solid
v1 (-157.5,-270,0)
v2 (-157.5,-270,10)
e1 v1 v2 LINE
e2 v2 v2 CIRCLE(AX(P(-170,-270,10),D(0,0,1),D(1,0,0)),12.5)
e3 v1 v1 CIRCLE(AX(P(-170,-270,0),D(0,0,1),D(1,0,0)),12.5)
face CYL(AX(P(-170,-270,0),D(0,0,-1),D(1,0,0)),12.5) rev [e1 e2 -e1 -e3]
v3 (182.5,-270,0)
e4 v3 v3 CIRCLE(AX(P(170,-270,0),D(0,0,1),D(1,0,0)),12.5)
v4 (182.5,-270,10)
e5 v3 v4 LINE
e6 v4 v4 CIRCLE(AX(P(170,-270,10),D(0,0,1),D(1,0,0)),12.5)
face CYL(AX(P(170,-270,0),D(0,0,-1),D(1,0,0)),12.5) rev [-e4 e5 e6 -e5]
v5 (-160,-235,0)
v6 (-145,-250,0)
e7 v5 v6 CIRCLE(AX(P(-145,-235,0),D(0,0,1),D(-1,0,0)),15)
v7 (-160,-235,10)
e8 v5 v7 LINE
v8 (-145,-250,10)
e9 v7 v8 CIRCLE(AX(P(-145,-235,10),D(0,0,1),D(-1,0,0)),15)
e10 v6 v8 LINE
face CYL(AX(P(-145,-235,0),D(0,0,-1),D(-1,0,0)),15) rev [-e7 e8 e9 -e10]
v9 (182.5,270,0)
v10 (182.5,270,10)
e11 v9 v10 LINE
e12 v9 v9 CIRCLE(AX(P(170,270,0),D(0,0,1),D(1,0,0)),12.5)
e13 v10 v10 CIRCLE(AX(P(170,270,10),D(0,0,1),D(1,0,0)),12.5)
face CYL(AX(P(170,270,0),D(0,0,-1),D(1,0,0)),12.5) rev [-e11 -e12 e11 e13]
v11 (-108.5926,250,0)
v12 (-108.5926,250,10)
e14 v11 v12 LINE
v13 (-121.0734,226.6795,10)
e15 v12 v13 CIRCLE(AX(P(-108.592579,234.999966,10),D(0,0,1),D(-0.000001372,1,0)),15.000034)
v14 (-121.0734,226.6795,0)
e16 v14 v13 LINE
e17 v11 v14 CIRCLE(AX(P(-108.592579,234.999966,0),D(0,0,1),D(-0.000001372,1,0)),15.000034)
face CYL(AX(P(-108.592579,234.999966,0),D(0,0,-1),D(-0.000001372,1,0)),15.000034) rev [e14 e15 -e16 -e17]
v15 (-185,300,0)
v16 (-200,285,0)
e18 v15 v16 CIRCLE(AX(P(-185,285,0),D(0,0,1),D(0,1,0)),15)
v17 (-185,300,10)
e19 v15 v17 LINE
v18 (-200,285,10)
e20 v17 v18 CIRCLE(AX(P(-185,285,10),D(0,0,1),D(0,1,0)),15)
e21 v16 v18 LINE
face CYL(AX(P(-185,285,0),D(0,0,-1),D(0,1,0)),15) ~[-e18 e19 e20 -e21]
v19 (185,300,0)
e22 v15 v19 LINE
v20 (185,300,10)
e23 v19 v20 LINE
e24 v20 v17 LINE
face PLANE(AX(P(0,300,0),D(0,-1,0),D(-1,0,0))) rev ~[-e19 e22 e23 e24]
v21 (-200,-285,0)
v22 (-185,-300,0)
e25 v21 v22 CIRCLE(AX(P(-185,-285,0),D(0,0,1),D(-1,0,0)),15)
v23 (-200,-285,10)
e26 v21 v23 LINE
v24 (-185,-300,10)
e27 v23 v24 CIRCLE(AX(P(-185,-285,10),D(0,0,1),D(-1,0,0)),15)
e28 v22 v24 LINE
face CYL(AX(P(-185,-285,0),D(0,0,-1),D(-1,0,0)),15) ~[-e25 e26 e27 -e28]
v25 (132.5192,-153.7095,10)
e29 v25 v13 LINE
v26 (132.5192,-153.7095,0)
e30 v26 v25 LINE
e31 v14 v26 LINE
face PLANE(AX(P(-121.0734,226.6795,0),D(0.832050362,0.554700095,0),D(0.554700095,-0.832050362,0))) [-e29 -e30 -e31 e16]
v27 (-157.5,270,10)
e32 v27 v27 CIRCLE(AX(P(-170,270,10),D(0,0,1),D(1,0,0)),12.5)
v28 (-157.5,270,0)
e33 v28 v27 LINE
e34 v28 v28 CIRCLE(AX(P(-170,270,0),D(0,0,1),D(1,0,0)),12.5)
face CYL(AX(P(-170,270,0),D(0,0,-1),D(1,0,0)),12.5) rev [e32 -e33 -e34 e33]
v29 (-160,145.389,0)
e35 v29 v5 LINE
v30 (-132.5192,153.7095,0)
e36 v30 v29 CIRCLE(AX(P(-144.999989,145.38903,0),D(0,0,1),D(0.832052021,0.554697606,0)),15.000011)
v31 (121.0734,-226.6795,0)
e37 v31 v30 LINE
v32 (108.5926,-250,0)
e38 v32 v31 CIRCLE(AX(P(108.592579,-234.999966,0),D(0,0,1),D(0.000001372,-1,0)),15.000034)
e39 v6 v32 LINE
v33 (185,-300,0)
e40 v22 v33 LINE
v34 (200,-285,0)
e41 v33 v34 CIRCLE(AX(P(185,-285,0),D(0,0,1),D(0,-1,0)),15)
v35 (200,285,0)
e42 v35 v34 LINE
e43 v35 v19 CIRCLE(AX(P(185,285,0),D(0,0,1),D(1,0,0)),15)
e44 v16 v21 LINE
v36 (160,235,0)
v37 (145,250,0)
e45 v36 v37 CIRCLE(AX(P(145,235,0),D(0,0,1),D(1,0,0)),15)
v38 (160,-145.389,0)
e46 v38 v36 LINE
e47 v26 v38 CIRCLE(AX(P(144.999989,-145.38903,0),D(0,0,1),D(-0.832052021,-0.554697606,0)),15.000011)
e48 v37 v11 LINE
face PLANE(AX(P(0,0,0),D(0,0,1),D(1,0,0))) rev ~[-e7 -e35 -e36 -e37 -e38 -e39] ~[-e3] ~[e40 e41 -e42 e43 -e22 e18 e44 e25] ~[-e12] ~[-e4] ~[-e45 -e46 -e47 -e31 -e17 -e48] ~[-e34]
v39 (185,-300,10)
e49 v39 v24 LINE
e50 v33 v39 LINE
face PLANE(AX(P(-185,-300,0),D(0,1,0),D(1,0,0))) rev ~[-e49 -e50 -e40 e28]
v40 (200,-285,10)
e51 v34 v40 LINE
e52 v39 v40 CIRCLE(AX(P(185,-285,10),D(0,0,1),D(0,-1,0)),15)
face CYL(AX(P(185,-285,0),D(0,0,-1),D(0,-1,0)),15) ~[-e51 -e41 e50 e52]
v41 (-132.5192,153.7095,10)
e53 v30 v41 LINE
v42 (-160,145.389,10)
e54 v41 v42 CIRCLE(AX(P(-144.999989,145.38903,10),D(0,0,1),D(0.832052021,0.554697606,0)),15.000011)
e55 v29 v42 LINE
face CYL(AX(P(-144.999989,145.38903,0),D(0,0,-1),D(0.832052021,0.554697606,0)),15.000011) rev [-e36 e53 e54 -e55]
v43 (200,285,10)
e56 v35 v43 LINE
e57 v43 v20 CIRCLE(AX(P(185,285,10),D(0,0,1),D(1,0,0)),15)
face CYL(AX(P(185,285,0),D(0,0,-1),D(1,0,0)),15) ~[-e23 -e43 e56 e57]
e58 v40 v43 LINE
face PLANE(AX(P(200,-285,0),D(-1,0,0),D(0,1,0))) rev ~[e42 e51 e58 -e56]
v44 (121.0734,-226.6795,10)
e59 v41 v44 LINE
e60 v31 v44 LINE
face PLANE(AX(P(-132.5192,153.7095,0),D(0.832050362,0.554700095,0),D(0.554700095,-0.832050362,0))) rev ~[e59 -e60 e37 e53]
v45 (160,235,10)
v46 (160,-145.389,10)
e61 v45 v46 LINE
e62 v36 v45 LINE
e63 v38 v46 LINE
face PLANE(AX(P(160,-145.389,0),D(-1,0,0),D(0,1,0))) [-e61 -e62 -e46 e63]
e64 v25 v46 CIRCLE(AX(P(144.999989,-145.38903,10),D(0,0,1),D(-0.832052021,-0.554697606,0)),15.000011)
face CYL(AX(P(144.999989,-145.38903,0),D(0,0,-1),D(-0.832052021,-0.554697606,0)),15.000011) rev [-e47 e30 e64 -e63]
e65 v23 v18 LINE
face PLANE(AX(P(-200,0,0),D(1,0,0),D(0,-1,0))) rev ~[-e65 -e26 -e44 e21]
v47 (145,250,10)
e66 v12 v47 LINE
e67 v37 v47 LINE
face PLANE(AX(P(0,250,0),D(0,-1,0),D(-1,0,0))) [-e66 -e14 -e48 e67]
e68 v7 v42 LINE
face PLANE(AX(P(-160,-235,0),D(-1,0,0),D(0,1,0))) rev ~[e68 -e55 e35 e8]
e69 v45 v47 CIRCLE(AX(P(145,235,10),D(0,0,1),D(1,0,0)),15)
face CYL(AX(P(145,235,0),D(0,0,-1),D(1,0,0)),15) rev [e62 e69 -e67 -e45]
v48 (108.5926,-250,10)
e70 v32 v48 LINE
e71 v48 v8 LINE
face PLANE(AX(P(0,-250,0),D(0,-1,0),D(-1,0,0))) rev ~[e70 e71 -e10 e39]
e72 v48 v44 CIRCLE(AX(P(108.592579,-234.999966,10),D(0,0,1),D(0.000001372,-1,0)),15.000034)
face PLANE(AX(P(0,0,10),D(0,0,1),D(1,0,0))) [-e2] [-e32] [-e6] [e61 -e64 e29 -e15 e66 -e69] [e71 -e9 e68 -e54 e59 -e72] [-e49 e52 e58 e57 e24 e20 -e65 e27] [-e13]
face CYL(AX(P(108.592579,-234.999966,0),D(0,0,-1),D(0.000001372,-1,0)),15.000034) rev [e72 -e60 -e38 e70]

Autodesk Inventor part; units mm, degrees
ref_plane "YZ Plane" through (0, 0, 0) normal (1, 0, 0) x (0, 1, 0)
ref_plane "XZ Plane" through (0, 0, 0) normal (0, 1, 0) x (-1, 0, 0)
ref_plane "XY Plane" through (0, 0, 0) normal (0, 0, 1) x (1, 0, 0)
sketch "Sketch1" plane through (0, 0, 0) normal (0, 0, 1) x (1, 0, 0)
  line L0 (-185, -300) -> (185, -300)
  line L1 (200, -285) -> (200, 285)
  line L2 (185, 300) -> (-185, 300)
  line L3 (-200, 285) -> (-200, -285)
  line L4 (-200, -300) -> (200, 300) construction
  line L5 (200, -300) -> (-200, 300) construction
  arc A0 (-185, 300) -> (-200, 285) centre (-185, 285) ccw
  arc A1 (200, 285) -> (185, 300) centre (185, 285) ccw
  arc A2 (185, -300) -> (200, -285) centre (185, -285) ccw
  arc A3 (-200, -285) -> (-185, -300) centre (-185, -285) ccw
  line L6 (-160, -235) -> (-160, 145.389)
  line L7 (-132.5192, 153.7095) -> (121.0734, -226.6795)
  line L8 (108.5926, -250) -> (-145, -250)
  line L9 (-121.0734, 226.6795) -> (132.5192, -153.7095)
  line L10 (160, -145.389) -> (160, 235)
  line L11 (145, 250) -> (-108.5926, 250)
  arc A4 (-132.5192, 153.7095) -> (-160, 145.389) centre (-145, 145.389) ccw
  arc A5 (-108.5926, 250) -> (-121.0734, 226.6795) centre (-108.5926, 235) ccw
  arc A6 (108.5926, -250) -> (121.0734, -226.6795) centre (108.5926, -235) ccw
  arc A7 (132.5192, -153.7095) -> (160, -145.389) centre (145, -145.389) ccw
  arc A8 (160, 235) -> (145, 250) centre (145, 235) ccw
  arc A9 (-160, -235) -> (-145, -250) centre (-145, -235) ccw
  circle A10 centre (-170, 270) radius 12.5
  line L12 (0, -424.3492) -> (0, 424.3492) projected
  line L13 (-284.3492, 0) -> (284.3492, 0) projected
  circle A11 centre (170, 270) radius 12.5
  circle A12 centre (-170, -270) radius 12.5
  circle A13 centre (170, -270) radius 12.5
  point P0 (0, 0)
  dimension "width" = 400
  dimension "depth" = 600
  dimension "outerCornnerRadius" = 15
  dimension "d5" = 15
  dimension "d7" = 50
  dimension "d8" = 50
  dimension "innerCorrerRadius" = 15
  dimension "d14" = 40
  dimension "d15" = 40
  dimension "d16" = 40
  dimension "d17" = 40
  dimension "d20" = 25
  dimension "d21" = 30
  dimension "d22" = 30
extrude "Extrusion3" add sketch "Sketch1" along normal blind 10 contours A3 L3 L13 L6 A9 L8 L12 L0 | L12 L8 A6 L7 L13 L9 A7 L10 L1 A2 L0 | L3 A0 L2 L12 L11 A5 L9 L13 L7 A4 L6 | L7 L13 L12 | L13 L10 A8 L11 L12 L2 A1 L1 | L12 L9 L13
equation "\"d5\" = outerCornnerRadius"
equation "\"d15\" = d14"
properties part number "pompression_plate"
